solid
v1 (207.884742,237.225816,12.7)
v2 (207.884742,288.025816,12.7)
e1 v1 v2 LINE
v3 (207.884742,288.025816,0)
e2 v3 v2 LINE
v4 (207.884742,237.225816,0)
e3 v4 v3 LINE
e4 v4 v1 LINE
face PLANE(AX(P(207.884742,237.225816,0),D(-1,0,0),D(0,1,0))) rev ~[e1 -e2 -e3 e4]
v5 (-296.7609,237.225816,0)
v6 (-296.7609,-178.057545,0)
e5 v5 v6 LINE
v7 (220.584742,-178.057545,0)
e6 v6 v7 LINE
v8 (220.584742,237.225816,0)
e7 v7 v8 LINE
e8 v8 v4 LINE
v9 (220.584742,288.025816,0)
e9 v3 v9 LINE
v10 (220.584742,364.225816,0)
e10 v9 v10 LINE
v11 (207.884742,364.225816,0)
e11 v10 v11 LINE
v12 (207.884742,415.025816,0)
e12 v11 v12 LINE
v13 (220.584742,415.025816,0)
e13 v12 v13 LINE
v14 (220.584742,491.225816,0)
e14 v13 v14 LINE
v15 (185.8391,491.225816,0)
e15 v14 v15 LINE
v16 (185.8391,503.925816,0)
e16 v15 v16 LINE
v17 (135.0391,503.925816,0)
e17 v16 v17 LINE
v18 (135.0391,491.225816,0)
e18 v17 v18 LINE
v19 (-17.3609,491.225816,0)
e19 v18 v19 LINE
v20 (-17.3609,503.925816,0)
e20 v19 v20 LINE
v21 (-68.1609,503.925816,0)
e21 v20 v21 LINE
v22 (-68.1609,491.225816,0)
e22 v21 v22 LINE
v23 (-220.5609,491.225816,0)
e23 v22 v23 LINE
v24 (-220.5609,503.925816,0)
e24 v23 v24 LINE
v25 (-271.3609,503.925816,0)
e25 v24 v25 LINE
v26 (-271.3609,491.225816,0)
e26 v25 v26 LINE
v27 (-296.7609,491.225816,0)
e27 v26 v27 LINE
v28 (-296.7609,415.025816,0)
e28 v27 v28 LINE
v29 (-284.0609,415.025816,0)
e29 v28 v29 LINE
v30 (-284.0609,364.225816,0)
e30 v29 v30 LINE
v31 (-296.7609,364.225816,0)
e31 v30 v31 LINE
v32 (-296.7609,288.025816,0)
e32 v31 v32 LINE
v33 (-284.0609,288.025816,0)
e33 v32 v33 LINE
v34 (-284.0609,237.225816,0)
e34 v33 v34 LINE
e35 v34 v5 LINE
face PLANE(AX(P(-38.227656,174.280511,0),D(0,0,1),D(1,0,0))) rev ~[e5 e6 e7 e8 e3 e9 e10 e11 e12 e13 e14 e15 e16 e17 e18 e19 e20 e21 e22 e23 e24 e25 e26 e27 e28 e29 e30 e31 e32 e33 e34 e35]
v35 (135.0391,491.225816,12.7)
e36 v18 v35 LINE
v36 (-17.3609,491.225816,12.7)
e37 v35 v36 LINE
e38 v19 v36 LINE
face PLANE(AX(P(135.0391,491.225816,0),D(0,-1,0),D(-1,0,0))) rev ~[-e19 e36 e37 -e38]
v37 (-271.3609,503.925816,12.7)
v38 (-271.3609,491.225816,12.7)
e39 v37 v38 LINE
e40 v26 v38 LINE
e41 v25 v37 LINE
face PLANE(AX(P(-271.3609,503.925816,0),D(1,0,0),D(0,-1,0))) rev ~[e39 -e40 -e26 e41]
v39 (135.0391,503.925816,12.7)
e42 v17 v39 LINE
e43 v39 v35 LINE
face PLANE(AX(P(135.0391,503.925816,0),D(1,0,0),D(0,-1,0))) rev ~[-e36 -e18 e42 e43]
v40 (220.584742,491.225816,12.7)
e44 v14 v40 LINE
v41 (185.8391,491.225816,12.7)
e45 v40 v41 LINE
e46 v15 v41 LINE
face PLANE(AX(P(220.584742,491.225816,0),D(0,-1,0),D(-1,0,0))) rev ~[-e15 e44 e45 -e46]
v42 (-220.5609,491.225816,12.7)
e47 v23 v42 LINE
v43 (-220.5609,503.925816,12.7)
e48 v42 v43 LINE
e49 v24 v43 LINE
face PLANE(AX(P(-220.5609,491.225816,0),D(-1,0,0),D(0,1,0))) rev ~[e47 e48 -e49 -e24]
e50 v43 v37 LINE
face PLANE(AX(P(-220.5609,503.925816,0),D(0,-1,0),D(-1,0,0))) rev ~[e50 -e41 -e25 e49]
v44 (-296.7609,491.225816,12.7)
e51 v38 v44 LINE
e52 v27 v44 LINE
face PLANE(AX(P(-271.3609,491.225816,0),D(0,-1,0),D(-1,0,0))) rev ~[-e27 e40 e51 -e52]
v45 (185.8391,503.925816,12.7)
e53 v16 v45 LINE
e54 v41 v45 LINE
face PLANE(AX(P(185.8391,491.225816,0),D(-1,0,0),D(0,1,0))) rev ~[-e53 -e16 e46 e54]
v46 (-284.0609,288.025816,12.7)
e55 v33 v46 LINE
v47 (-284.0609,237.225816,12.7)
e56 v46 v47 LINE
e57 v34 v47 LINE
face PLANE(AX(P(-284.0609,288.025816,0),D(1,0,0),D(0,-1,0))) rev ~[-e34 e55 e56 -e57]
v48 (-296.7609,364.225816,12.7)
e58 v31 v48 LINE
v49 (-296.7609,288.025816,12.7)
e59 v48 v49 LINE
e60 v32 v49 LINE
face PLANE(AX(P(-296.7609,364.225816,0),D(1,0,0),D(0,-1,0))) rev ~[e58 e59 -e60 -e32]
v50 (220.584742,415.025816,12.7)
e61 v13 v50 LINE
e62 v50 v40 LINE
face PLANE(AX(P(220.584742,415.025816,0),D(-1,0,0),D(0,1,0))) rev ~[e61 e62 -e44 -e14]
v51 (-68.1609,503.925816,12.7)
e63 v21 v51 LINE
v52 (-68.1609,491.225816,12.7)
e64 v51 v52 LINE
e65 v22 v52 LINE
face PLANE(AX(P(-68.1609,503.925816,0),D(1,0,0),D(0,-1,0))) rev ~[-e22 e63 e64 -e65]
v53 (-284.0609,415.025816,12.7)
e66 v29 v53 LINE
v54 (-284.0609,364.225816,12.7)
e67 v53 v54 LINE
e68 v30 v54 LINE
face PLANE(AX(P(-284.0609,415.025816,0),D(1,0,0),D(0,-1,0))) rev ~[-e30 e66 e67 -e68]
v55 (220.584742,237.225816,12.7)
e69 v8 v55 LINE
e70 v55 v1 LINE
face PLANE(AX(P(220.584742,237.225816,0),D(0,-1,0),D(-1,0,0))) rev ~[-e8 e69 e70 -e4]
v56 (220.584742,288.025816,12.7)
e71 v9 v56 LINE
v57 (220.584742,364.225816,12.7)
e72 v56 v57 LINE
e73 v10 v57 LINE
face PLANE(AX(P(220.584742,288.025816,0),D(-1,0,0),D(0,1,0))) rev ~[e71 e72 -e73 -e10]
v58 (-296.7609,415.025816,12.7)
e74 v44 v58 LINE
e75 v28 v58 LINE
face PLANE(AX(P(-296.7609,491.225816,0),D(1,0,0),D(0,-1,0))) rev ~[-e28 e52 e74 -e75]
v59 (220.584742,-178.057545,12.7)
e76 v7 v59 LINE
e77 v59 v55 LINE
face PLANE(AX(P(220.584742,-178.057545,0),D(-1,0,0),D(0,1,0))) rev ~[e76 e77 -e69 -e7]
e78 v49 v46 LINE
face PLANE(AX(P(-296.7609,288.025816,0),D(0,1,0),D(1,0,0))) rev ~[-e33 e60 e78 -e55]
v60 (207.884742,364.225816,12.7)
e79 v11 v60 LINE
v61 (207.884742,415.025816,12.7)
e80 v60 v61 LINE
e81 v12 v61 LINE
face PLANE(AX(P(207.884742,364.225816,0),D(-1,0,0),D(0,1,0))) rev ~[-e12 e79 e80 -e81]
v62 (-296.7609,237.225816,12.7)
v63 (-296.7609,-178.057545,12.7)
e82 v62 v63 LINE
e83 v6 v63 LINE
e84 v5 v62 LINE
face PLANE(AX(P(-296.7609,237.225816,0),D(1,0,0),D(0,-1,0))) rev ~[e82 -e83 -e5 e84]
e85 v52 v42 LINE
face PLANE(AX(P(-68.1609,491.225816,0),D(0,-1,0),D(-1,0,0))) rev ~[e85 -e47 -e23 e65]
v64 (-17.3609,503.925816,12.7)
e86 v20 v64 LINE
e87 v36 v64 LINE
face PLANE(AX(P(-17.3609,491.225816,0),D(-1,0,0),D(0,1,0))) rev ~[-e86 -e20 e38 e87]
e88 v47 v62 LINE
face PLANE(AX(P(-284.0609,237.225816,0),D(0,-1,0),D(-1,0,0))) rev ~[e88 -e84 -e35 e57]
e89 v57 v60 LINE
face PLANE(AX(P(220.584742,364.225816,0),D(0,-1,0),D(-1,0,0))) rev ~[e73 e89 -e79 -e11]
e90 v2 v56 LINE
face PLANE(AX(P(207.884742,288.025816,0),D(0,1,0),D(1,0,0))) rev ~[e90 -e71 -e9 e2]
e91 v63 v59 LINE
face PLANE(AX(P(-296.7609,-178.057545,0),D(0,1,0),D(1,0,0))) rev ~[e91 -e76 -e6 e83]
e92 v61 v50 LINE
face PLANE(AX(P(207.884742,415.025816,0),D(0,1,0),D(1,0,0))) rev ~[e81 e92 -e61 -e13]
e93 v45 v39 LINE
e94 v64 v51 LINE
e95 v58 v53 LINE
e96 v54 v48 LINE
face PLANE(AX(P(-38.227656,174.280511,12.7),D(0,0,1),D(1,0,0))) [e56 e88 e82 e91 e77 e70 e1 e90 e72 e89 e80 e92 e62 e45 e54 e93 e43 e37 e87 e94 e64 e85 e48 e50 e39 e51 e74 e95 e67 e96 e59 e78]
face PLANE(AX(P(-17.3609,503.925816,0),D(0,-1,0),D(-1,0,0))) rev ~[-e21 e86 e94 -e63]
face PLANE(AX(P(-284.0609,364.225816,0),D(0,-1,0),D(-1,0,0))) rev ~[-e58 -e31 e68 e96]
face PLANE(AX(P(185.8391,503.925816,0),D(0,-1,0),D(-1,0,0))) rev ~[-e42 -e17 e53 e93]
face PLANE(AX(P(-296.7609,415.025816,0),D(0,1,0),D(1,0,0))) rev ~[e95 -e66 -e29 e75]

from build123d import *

# Parameters (mm, degrees)
F1_DEPTH = 12.7


with BuildPart() as f1:
    # F0 (on Top) → F1 (new body)
    with BuildSketch(Plane.XY):
        Polygon((-271.3609, 491.225816), (-296.7609, 491.225816), (-296.7609, 415.025816), (-284.0609, 415.025816), (-284.0609, 364.225816), (-296.7609, 364.225816), (-296.7609, 288.025816), (-284.0609, 288.025816), (-284.0609, 237.225816), (-296.7609, 237.225816), (-296.7609, -178.057545), (220.584742, -178.057545), (220.584742, 237.225816), (207.884742, 237.225816), (207.884742, 288.025816), (220.584742, 288.025816), (220.584742, 364.225816), (207.884742, 364.225816), (207.884742, 415.025816), (220.584742, 415.025816), (220.584742, 491.225816), (185.8391, 491.225816), (185.8391, 503.925816), (135.0391, 503.925816), (135.0391, 491.225816), (-17.3609, 491.225816), (-17.3609, 503.925816), (-68.1609, 503.925816), (-68.1609, 491.225816), (-220.5609, 491.225816), (-220.5609, 503.925816), (-271.3609, 503.925816), align=None)
    extrude(amount=F1_DEPTH)


solid = f1.part
